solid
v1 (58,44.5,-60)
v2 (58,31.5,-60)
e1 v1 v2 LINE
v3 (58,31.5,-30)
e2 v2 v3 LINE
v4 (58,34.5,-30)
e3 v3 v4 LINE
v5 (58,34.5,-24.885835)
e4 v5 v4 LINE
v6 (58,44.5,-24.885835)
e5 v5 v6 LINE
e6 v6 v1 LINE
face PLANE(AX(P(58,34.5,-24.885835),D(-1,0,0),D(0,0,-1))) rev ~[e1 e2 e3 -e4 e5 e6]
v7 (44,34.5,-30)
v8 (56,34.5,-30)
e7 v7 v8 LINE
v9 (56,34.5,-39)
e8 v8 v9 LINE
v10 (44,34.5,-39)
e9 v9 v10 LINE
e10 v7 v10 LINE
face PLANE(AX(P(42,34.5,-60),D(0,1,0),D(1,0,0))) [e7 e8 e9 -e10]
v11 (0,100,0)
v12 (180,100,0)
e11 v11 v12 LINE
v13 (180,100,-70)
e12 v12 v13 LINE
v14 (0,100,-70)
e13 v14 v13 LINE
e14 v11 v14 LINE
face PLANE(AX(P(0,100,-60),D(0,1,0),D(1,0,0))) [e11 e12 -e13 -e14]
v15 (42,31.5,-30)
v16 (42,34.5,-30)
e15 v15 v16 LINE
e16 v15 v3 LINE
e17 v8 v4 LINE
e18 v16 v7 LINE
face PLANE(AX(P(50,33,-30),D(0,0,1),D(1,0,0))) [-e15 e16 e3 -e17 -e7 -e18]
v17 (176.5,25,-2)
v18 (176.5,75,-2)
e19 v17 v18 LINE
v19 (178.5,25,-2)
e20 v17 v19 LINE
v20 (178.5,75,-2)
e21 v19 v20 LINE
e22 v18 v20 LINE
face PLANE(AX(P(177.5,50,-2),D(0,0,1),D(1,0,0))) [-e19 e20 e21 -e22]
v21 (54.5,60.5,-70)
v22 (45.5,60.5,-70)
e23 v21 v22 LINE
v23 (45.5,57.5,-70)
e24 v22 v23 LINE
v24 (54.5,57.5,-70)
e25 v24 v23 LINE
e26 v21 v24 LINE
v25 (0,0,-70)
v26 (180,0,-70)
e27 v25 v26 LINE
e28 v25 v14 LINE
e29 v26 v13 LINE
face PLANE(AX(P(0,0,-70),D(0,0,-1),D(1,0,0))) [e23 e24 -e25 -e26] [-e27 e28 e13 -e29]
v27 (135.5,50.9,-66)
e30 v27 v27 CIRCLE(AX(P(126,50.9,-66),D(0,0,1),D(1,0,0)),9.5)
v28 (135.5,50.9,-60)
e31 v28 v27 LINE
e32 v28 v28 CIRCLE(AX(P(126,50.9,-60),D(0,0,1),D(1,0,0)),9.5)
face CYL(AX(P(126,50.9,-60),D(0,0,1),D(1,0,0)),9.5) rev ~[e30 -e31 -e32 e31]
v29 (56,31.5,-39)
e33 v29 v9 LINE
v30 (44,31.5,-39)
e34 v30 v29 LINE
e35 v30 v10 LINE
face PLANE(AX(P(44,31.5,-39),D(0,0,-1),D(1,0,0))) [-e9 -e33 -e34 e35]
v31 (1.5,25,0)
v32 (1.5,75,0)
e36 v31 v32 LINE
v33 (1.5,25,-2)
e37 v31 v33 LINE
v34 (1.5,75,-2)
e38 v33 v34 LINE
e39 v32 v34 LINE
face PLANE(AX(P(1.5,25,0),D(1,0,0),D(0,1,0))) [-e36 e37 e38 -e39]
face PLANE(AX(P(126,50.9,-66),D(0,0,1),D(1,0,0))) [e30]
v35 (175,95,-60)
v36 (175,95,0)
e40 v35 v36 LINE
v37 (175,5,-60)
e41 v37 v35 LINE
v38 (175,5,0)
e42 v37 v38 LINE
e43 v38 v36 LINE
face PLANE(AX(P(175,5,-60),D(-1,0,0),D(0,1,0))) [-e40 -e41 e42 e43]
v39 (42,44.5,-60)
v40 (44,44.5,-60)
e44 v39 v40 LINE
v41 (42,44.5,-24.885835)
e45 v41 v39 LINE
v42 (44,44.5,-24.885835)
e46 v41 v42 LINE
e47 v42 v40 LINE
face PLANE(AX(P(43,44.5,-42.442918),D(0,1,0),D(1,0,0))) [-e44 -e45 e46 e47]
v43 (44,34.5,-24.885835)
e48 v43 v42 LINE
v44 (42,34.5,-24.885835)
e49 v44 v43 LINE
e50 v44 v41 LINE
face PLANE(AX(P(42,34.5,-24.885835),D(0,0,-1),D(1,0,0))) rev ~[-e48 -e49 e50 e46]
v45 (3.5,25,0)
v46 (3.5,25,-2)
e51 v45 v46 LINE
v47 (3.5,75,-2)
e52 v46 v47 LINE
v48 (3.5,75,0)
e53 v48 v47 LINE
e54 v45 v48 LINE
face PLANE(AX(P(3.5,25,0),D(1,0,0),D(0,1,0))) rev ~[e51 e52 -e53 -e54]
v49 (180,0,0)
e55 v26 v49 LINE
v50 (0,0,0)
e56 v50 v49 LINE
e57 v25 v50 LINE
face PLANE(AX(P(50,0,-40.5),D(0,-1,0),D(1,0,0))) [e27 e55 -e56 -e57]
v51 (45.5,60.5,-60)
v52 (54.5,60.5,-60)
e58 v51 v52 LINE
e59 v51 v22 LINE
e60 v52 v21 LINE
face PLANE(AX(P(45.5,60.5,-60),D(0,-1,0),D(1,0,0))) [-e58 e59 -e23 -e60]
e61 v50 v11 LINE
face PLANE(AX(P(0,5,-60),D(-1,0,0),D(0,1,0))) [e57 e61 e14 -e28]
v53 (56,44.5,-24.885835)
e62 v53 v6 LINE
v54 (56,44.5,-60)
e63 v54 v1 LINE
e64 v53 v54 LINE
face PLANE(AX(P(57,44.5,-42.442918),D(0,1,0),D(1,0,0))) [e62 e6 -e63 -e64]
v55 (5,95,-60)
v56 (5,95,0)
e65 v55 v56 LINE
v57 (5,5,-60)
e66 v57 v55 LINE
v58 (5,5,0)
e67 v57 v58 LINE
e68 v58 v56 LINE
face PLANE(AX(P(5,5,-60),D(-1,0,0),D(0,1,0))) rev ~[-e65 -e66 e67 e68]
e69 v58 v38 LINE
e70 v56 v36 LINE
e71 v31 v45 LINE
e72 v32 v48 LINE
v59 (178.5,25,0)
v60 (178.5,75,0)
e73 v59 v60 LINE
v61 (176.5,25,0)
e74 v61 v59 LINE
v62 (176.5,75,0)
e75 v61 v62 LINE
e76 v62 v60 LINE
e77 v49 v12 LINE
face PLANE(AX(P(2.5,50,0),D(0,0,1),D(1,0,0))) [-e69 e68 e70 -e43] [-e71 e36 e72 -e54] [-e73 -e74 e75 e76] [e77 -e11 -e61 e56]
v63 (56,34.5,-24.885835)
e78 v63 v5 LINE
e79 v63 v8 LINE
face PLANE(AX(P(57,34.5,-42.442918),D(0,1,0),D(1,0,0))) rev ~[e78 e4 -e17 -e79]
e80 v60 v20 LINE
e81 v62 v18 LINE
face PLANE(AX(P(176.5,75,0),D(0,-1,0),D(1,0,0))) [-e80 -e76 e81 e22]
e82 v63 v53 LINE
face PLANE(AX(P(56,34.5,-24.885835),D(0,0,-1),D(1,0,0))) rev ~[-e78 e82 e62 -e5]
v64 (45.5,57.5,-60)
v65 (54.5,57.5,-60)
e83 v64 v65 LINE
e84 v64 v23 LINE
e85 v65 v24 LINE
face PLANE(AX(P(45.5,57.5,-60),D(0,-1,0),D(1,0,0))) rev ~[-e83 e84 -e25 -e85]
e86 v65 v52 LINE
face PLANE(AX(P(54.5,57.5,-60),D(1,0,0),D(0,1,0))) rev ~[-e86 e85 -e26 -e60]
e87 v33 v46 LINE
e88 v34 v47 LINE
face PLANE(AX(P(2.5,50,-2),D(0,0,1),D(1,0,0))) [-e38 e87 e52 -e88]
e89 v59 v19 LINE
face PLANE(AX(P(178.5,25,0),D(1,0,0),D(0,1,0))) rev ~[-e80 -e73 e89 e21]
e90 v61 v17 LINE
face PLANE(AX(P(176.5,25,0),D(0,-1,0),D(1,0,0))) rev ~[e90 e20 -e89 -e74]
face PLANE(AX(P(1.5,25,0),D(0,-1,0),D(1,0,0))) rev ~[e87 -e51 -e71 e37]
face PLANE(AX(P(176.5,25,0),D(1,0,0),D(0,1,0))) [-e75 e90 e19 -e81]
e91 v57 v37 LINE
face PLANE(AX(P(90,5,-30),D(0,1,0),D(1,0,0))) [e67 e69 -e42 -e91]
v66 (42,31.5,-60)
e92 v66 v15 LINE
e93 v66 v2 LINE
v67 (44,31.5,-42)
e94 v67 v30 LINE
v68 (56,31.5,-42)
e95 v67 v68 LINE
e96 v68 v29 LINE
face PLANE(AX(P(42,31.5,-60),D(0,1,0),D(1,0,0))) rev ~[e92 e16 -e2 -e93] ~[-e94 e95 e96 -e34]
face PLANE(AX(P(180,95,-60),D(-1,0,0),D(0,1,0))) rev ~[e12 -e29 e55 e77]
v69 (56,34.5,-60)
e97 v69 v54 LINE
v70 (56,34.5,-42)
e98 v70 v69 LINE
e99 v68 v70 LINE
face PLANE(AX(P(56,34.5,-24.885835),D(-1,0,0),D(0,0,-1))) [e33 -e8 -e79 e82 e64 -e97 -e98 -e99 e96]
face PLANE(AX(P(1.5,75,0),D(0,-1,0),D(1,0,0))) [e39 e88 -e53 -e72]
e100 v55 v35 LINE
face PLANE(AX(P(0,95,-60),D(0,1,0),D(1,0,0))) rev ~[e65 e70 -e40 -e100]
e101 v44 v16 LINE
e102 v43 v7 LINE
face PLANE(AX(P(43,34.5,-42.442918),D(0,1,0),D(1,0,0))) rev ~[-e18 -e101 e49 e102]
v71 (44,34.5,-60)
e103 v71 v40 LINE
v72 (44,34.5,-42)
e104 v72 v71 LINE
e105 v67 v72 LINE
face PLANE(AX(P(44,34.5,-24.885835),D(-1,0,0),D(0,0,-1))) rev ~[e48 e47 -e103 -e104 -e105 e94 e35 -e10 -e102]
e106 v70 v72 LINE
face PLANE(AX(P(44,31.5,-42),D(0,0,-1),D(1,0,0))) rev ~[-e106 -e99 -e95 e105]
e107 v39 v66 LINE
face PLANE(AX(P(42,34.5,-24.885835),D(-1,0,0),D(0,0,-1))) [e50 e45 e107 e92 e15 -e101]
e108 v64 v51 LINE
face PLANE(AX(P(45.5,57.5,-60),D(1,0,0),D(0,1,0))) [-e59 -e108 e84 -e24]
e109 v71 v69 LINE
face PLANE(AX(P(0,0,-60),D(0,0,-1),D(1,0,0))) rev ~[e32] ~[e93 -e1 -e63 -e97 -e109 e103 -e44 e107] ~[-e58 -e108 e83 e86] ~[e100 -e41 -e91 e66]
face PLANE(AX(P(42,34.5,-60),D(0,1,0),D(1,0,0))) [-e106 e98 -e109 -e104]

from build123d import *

# Parameters (mm, degrees)
SCHIZZO1_W                   = 180
SCHIZZO1_H                   = 60
ESTRUSIONE_ESTRUSIONE1_DEPTH = 5
SCHIZZO1_3_W                 = 180
SCHIZZO1_3_H                 = 10
ESTRUSIONE_ESTRUSIONE2_DEPTH = 100
SCHIZZO2_W                   = 180
SCHIZZO2_H                   = 5
ESTRUSIONE_ESTRUSIONE3_DEPTH = 60
SCHIZZO3_W                   = 5
SCHIZZO3_H                   = 90
ESTRUSIONE_ESTRUSIONE4_DEPTH = 60
SCHIZZO4_W                   = 12
SCHIZZO4_H                   = 3
TAGLIO_ESTRUSIONE1_DEPTH     = 90
SCHIZZO6_W                   = 2
SCHIZZO6_H                   = 15.540639337
ESTRUSIONE_ESTRUSIONE5_DEPTH = 10
SCHIZZO10_W                  = 16
SCHIZZO10_H                  = 3
ESTRUSIONE_ESTRUSIONE7_DEPTH = 30
SCHIZZO11_W                  = 12
SCHIZZO11_H                  = 3
TAGLIO_ESTRUSIONE6_DEPTH     = 5
SCHIZZO12_W                  = 9
SCHIZZO12_H                  = 3
TAGLIO_ESTRUSIONE7_DEPTH     = 20
SCHIZZO13_W                  = 2
SCHIZZO13_H                  = 35.114164676
ESTRUSIONE_ESTRUSIONE8_DEPTH = 10
TAGLIO_ESTRUSIONE8_START     = -15.540639
SCHIZZO15_W                  = 21.926890516
SCHIZZO15_H                  = 11.981890919
TAGLIO_ESTRUSIONE8_DEPTH     = 15.540639
SCHIZZO16_W                  = 12
SCHIZZO16_H                  = 3
ESTRUSIONE_ESTRUSIONE9_DEPTH = 5
SCHIZZO17_R                  = 9.5
TAGLIO_ESTRUSIONE9_DEPTH     = 6
SCHIZZO21_W                  = 2
SCHIZZO21_H                  = 50
TAGLIO_ESTRUSIONE10_DEPTH    = 2


with BuildPart() as part:
    # Schizzo1 → Estrusione-Estrusione1 (new body)
    with BuildSketch(Plane(origin=(0, 0, 0), x_dir=(1, 0, 0), z_dir=(0, 1, 0))):
        with Locations((90, 30)):
            Rectangle(SCHIZZO1_W, SCHIZZO1_H)
    extrude(amount=ESTRUSIONE_ESTRUSIONE1_DEPTH)

    # Schizzo1<3> → Estrusione-Estrusione2 (add)
    with BuildSketch(Plane(origin=(0, 0, 0), x_dir=(1, 0, 0), z_dir=(0, 1, 0))):
        with Locations((90, 65)):
            Rectangle(SCHIZZO1_3_W, SCHIZZO1_3_H)
    extrude(amount=ESTRUSIONE_ESTRUSIONE2_DEPTH)

    # Schizzo2 → Estrusione-Estrusione3 (add)
    with BuildSketch(Plane.XY.offset(-60)):
        with Locations((90, 97.5)):
            Rectangle(SCHIZZO2_W, SCHIZZO2_H)
    extrude(amount=ESTRUSIONE_ESTRUSIONE3_DEPTH)

    # Schizzo3 → Estrusione-Estrusione4 (add)
    with BuildSketch(Plane.XY.offset(-60)):
        with Locations((2.5, 50)):
            Rectangle(SCHIZZO3_W, SCHIZZO3_H)
        with Locations((177.5, 50)):
            Rectangle(SCHIZZO3_W, SCHIZZO3_H)
    extrude(amount=ESTRUSIONE_ESTRUSIONE4_DEPTH)

    # Schizzo4 → Taglio-Estrusione1 (cut)
    with BuildSketch(Plane(origin=(0, 5, 0), x_dir=(1, 0, 0), z_dir=(0, 1, 0))):
        with Locations((50, 40.5)):
            Rectangle(SCHIZZO4_W, SCHIZZO4_H)
    extrude(amount=-TAGLIO_ESTRUSIONE1_DEPTH, mode=Mode.SUBTRACT)

    # Schizzo6 → Estrusione-Estrusione5 (add)
    with BuildSketch(Plane(origin=(0, 5, 0), x_dir=(1, 0, 0), z_dir=(0, 1, 0))):
        with Locations((43, 41.770319669)):
            Rectangle(SCHIZZO6_W, SCHIZZO6_H)
        with Locations((57, 41.770319669)):
            Rectangle(SCHIZZO6_W, SCHIZZO6_H)
    extrude(amount=ESTRUSIONE_ESTRUSIONE5_DEPTH)

    # Schizzo10 → Estrusione-Estrusione7 (add)
    with BuildSketch(Plane.XY.offset(-60)):
        with Locations((50, 33)):
            Rectangle(SCHIZZO10_W, SCHIZZO10_H)
    extrude(amount=ESTRUSIONE_ESTRUSIONE7_DEPTH)

    # Schizzo11 → Taglio-Estrusione6 (cut)
    with BuildSketch(Plane.XZ.offset(-31.5)):
        with Locations((50, -40.5)):
            Rectangle(SCHIZZO11_W, SCHIZZO11_H)
    extrude(amount=-TAGLIO_ESTRUSIONE6_DEPTH, mode=Mode.SUBTRACT)

    # Schizzo12 → Taglio-Estrusione7 (cut)
    with BuildSketch(Plane.XY.offset(-60)):
        with Locations((50, 59)):
            Rectangle(SCHIZZO12_W, SCHIZZO12_H)
    extrude(amount=-TAGLIO_ESTRUSIONE7_DEPTH, mode=Mode.SUBTRACT)

    # Schizzo13 → Estrusione-Estrusione8 (add)
    with BuildSketch(Plane(origin=(0, 34.5, 0), x_dir=(1, 0, 0), z_dir=(0, 1, 0))):
        with Locations((43, 42.442917662)):
            Rectangle(SCHIZZO13_W, SCHIZZO13_H)
        with Locations((57, 42.442917662)):
            Rectangle(SCHIZZO13_W, SCHIZZO13_H)
    extrude(amount=ESTRUSIONE_ESTRUSIONE8_DEPTH)

    # Schizzo15 → Taglio-Estrusione8 (cut)
    with BuildSketch(Plane.XY.offset(-34).offset(TAGLIO_ESTRUSIONE8_START)):
        with Locations((49.332767586, 10.99094546)):
            Rectangle(SCHIZZO15_W, SCHIZZO15_H)
    extrude(amount=TAGLIO_ESTRUSIONE8_DEPTH, mode=Mode.SUBTRACT)

    # Schizzo16 → Estrusione-Estrusione9 (add)
    with BuildSketch(Plane.XZ):
        with Locations((50, -40.5)):
            Rectangle(SCHIZZO16_W, SCHIZZO16_H)
    extrude(amount=-ESTRUSIONE_ESTRUSIONE9_DEPTH)

    # Schizzo17 → Taglio-Estrusione9 (cut)
    with BuildSketch(Plane.XY.offset(-60)):
        with Locations((126, 50.9)):
            Circle(SCHIZZO17_R)
    extrude(amount=-TAGLIO_ESTRUSIONE9_DEPTH, mode=Mode.SUBTRACT)

    # Schizzo21 → Taglio-Estrusione10 (cut)
    with BuildSketch(Plane.XY):
        with Locations((2.5, 50)):
            Rectangle(SCHIZZO21_W, SCHIZZO21_H)
        with Locations((177.5, 50)):
            Rectangle(SCHIZZO21_W, SCHIZZO21_H)
    extrude(amount=-TAGLIO_ESTRUSIONE10_DEPTH, mode=Mode.SUBTRACT)


solid = part.part
